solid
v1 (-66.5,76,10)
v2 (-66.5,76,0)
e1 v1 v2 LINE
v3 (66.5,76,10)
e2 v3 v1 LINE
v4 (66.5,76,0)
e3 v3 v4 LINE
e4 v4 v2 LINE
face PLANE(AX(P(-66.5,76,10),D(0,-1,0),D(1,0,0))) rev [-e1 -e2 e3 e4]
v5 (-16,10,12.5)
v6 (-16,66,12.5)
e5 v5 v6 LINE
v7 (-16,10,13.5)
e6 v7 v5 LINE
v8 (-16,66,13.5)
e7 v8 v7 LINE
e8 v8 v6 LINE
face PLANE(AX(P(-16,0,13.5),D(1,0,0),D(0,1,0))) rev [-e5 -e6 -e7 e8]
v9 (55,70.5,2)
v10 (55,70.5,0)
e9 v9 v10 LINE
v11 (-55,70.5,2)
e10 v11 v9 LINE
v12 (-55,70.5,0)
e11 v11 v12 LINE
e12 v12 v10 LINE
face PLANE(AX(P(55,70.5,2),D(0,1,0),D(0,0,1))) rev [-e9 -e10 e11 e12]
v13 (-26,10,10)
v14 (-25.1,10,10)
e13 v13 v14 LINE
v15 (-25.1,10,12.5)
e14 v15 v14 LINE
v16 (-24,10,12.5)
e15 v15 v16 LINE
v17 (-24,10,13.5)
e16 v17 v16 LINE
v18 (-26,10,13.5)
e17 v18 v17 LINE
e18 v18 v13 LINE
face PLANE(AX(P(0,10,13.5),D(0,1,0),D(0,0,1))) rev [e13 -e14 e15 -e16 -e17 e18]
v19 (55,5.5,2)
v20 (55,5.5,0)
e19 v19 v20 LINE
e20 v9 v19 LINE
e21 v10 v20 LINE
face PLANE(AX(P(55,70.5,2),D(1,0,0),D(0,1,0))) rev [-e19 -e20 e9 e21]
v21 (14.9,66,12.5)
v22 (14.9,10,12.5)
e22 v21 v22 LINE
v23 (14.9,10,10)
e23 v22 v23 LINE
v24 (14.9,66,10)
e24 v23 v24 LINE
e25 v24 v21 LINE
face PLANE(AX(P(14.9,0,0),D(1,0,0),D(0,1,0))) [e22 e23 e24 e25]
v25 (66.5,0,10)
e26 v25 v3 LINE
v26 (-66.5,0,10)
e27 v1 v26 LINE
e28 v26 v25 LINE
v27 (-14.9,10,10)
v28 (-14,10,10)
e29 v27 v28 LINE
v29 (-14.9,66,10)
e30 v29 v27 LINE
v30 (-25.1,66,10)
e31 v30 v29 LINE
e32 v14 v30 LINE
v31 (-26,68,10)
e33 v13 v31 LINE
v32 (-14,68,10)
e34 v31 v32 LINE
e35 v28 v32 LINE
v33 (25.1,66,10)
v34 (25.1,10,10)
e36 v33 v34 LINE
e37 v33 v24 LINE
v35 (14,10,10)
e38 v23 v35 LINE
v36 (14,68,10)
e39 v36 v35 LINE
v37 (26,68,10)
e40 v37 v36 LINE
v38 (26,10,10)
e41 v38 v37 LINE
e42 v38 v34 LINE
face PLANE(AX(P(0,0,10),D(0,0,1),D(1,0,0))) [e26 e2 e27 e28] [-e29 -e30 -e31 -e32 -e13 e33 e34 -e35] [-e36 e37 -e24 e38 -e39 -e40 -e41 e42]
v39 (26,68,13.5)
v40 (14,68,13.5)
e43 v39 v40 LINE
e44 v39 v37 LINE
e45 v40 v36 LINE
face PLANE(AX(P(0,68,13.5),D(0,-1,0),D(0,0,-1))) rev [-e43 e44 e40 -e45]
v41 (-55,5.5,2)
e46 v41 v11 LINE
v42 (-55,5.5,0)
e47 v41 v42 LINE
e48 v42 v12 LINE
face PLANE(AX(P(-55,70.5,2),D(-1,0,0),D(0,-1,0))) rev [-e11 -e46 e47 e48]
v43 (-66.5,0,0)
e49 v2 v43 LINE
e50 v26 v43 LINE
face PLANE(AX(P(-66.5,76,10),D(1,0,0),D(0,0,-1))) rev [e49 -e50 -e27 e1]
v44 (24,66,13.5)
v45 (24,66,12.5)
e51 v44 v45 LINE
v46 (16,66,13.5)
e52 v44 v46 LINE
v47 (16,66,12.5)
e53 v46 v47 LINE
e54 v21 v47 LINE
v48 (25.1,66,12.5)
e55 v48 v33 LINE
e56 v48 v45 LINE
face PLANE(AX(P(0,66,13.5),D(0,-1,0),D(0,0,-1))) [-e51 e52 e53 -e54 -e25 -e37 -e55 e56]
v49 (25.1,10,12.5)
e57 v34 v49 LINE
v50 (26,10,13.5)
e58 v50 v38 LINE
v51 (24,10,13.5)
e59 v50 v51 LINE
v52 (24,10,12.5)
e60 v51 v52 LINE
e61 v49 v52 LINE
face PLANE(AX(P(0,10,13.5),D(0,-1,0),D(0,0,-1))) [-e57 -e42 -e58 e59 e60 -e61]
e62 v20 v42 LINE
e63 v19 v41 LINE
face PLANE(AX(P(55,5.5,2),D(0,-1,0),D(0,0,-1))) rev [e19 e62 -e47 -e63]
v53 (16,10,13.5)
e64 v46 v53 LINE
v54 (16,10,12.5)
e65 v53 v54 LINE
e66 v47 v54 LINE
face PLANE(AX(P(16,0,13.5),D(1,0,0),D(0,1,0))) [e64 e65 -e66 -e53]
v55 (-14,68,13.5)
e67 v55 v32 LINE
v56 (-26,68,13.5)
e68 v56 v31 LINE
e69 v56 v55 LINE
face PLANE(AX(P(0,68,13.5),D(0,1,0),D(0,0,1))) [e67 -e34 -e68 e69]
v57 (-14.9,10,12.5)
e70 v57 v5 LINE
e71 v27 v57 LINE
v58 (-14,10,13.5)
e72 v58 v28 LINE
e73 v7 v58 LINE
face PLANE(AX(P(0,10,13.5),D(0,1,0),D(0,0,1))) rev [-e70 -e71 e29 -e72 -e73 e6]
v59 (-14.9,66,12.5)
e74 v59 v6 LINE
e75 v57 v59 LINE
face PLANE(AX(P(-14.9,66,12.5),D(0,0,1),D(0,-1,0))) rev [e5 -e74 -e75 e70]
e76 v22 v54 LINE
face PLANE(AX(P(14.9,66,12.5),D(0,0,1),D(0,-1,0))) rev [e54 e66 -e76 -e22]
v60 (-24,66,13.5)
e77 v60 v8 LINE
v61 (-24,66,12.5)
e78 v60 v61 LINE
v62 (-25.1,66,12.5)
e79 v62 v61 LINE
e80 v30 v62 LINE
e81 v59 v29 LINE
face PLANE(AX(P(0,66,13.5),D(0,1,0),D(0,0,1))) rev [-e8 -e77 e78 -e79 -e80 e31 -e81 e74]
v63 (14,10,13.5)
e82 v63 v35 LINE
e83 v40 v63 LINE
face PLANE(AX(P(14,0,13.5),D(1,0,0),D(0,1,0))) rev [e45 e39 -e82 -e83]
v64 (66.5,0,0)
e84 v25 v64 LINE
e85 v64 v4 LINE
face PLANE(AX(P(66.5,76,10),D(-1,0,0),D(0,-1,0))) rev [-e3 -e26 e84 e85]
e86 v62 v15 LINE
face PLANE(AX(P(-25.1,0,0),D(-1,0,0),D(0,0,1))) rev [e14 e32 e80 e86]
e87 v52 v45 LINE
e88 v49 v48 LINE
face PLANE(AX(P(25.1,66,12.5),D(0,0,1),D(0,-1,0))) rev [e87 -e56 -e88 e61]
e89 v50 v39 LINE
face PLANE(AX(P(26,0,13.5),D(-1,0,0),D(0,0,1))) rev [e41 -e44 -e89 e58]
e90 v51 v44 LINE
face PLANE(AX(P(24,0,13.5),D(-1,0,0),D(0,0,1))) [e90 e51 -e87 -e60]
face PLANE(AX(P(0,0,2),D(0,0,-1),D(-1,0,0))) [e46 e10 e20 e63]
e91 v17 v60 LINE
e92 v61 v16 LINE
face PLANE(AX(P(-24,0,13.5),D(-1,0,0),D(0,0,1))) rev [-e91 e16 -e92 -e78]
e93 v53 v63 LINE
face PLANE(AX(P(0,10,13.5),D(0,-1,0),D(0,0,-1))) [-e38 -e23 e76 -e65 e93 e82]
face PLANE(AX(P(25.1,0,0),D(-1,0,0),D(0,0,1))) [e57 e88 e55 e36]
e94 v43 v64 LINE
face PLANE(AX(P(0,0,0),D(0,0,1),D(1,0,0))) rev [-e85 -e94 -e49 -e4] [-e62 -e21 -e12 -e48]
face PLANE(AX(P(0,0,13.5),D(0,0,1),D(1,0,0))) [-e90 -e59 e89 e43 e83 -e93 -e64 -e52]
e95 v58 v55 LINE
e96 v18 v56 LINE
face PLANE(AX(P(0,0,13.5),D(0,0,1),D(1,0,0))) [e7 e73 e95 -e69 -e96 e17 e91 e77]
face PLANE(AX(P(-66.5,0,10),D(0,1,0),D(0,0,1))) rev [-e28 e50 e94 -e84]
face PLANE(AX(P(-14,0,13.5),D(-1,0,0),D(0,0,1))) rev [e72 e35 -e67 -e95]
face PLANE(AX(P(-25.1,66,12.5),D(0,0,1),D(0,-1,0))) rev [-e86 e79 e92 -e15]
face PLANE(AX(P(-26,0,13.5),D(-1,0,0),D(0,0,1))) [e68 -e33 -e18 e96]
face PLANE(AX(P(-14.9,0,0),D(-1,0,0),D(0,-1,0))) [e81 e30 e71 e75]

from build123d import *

# Parameters (mm, degrees)
CROQUIS1_W              = 133
CROQUIS1_H              = 76
SALIENTE_EXTRUIR1_DEPTH = 10
CROQUIS2_W              = 110
CROQUIS2_H              = 65
CORTAR_EXTRUIR1_DEPTH   = 2
CROQUIS3_W              = 2
CROQUIS3_H              = 56
SALIENTE_EXTRUIR6_DEPTH = 3.5
CROQUIS4_W              = 2.5
CROQUIS4_H              = 56
CORTAR_EXTRUIR2_DEPTH   = 1.1
CROQUIS5_W              = 2.5
CROQUIS5_H              = 56
CORTAR_EXTRUIR3_DEPTH   = 1.1
CROQUIS6_W              = 2.5
CROQUIS6_H              = 56
CORTAR_EXTRUIR4_DEPTH   = 1.1
CROQUIS7_W              = 2.5
CROQUIS7_H              = 56
CORTAR_EXTRUIR5_DEPTH   = 1.1


with BuildPart() as part:
    # Croquis1 → Saliente-Extruir1 (new body)
    with BuildSketch(Plane.XY):
        with Locations((0, 38)):
            Rectangle(CROQUIS1_W, CROQUIS1_H)
    extrude(amount=SALIENTE_EXTRUIR1_DEPTH)

    # Croquis2 → Cortar-Extruir1 (cut)
    with BuildSketch(Plane(origin=(0, 0, 0), x_dir=(-1, 0, 0), z_dir=(0, 0, -1))):
        with Locations((0, 38)):
            Rectangle(CROQUIS2_W, CROQUIS2_H)
    extrude(amount=-CORTAR_EXTRUIR1_DEPTH, mode=Mode.SUBTRACT)

    # Croquis3 → Saliente-Extruir6 (add)
    with BuildSketch(Plane.XY.offset(10)):
        Polygon((-26, 68), (-26, 66), (-24, 66), (-16, 66), (-14, 66), (-14, 68), align=None)
        with Locations((-25, 38)):
            Rectangle(CROQUIS3_W, CROQUIS3_H)
        with Locations((-15, 38)):
            Rectangle(CROQUIS3_W, CROQUIS3_H)
        with Locations((15, 38)):
            Rectangle(CROQUIS3_W, CROQUIS3_H)
        Polygon((14, 66), (16, 66), (24, 66), (26, 66), (26, 68), (14, 68), align=None)
        with Locations((25, 38)):
            Rectangle(CROQUIS3_W, CROQUIS3_H)
    extrude(amount=SALIENTE_EXTRUIR6_DEPTH)

    # Croquis4 → Cortar-Extruir2 (cut)
    with BuildSketch(Plane(origin=(-24, 0, 0), x_dir=(0, 0, -1), z_dir=(1, 0, 0))):
        with Locations((-11.25, 38)):
            Rectangle(CROQUIS4_W, CROQUIS4_H)
    extrude(amount=-CORTAR_EXTRUIR2_DEPTH, mode=Mode.SUBTRACT)

    # Croquis5 → Cortar-Extruir3 (cut)
    with BuildSketch(Plane.ZY.offset(16)):
        with Locations((11.25, 38)):
            Rectangle(CROQUIS5_W, CROQUIS5_H)
    extrude(amount=-CORTAR_EXTRUIR3_DEPTH, mode=Mode.SUBTRACT)

    # Croquis6 → Cortar-Extruir4 (cut)
    with BuildSketch(Plane(origin=(16, 0, 0), x_dir=(0, 0, -1), z_dir=(1, 0, 0))):
        with Locations((-11.25, 38)):
            Rectangle(CROQUIS6_W, CROQUIS6_H)
    extrude(amount=-CORTAR_EXTRUIR4_DEPTH, mode=Mode.SUBTRACT)

    # Croquis7 → Cortar-Extruir5 (cut)
    with BuildSketch(Plane.ZY.offset(-24)):
        with Locations((11.25, 38)):
            Rectangle(CROQUIS7_W, CROQUIS7_H)
    extrude(amount=-CORTAR_EXTRUIR5_DEPTH, mode=Mode.SUBTRACT)


solid = part.part
